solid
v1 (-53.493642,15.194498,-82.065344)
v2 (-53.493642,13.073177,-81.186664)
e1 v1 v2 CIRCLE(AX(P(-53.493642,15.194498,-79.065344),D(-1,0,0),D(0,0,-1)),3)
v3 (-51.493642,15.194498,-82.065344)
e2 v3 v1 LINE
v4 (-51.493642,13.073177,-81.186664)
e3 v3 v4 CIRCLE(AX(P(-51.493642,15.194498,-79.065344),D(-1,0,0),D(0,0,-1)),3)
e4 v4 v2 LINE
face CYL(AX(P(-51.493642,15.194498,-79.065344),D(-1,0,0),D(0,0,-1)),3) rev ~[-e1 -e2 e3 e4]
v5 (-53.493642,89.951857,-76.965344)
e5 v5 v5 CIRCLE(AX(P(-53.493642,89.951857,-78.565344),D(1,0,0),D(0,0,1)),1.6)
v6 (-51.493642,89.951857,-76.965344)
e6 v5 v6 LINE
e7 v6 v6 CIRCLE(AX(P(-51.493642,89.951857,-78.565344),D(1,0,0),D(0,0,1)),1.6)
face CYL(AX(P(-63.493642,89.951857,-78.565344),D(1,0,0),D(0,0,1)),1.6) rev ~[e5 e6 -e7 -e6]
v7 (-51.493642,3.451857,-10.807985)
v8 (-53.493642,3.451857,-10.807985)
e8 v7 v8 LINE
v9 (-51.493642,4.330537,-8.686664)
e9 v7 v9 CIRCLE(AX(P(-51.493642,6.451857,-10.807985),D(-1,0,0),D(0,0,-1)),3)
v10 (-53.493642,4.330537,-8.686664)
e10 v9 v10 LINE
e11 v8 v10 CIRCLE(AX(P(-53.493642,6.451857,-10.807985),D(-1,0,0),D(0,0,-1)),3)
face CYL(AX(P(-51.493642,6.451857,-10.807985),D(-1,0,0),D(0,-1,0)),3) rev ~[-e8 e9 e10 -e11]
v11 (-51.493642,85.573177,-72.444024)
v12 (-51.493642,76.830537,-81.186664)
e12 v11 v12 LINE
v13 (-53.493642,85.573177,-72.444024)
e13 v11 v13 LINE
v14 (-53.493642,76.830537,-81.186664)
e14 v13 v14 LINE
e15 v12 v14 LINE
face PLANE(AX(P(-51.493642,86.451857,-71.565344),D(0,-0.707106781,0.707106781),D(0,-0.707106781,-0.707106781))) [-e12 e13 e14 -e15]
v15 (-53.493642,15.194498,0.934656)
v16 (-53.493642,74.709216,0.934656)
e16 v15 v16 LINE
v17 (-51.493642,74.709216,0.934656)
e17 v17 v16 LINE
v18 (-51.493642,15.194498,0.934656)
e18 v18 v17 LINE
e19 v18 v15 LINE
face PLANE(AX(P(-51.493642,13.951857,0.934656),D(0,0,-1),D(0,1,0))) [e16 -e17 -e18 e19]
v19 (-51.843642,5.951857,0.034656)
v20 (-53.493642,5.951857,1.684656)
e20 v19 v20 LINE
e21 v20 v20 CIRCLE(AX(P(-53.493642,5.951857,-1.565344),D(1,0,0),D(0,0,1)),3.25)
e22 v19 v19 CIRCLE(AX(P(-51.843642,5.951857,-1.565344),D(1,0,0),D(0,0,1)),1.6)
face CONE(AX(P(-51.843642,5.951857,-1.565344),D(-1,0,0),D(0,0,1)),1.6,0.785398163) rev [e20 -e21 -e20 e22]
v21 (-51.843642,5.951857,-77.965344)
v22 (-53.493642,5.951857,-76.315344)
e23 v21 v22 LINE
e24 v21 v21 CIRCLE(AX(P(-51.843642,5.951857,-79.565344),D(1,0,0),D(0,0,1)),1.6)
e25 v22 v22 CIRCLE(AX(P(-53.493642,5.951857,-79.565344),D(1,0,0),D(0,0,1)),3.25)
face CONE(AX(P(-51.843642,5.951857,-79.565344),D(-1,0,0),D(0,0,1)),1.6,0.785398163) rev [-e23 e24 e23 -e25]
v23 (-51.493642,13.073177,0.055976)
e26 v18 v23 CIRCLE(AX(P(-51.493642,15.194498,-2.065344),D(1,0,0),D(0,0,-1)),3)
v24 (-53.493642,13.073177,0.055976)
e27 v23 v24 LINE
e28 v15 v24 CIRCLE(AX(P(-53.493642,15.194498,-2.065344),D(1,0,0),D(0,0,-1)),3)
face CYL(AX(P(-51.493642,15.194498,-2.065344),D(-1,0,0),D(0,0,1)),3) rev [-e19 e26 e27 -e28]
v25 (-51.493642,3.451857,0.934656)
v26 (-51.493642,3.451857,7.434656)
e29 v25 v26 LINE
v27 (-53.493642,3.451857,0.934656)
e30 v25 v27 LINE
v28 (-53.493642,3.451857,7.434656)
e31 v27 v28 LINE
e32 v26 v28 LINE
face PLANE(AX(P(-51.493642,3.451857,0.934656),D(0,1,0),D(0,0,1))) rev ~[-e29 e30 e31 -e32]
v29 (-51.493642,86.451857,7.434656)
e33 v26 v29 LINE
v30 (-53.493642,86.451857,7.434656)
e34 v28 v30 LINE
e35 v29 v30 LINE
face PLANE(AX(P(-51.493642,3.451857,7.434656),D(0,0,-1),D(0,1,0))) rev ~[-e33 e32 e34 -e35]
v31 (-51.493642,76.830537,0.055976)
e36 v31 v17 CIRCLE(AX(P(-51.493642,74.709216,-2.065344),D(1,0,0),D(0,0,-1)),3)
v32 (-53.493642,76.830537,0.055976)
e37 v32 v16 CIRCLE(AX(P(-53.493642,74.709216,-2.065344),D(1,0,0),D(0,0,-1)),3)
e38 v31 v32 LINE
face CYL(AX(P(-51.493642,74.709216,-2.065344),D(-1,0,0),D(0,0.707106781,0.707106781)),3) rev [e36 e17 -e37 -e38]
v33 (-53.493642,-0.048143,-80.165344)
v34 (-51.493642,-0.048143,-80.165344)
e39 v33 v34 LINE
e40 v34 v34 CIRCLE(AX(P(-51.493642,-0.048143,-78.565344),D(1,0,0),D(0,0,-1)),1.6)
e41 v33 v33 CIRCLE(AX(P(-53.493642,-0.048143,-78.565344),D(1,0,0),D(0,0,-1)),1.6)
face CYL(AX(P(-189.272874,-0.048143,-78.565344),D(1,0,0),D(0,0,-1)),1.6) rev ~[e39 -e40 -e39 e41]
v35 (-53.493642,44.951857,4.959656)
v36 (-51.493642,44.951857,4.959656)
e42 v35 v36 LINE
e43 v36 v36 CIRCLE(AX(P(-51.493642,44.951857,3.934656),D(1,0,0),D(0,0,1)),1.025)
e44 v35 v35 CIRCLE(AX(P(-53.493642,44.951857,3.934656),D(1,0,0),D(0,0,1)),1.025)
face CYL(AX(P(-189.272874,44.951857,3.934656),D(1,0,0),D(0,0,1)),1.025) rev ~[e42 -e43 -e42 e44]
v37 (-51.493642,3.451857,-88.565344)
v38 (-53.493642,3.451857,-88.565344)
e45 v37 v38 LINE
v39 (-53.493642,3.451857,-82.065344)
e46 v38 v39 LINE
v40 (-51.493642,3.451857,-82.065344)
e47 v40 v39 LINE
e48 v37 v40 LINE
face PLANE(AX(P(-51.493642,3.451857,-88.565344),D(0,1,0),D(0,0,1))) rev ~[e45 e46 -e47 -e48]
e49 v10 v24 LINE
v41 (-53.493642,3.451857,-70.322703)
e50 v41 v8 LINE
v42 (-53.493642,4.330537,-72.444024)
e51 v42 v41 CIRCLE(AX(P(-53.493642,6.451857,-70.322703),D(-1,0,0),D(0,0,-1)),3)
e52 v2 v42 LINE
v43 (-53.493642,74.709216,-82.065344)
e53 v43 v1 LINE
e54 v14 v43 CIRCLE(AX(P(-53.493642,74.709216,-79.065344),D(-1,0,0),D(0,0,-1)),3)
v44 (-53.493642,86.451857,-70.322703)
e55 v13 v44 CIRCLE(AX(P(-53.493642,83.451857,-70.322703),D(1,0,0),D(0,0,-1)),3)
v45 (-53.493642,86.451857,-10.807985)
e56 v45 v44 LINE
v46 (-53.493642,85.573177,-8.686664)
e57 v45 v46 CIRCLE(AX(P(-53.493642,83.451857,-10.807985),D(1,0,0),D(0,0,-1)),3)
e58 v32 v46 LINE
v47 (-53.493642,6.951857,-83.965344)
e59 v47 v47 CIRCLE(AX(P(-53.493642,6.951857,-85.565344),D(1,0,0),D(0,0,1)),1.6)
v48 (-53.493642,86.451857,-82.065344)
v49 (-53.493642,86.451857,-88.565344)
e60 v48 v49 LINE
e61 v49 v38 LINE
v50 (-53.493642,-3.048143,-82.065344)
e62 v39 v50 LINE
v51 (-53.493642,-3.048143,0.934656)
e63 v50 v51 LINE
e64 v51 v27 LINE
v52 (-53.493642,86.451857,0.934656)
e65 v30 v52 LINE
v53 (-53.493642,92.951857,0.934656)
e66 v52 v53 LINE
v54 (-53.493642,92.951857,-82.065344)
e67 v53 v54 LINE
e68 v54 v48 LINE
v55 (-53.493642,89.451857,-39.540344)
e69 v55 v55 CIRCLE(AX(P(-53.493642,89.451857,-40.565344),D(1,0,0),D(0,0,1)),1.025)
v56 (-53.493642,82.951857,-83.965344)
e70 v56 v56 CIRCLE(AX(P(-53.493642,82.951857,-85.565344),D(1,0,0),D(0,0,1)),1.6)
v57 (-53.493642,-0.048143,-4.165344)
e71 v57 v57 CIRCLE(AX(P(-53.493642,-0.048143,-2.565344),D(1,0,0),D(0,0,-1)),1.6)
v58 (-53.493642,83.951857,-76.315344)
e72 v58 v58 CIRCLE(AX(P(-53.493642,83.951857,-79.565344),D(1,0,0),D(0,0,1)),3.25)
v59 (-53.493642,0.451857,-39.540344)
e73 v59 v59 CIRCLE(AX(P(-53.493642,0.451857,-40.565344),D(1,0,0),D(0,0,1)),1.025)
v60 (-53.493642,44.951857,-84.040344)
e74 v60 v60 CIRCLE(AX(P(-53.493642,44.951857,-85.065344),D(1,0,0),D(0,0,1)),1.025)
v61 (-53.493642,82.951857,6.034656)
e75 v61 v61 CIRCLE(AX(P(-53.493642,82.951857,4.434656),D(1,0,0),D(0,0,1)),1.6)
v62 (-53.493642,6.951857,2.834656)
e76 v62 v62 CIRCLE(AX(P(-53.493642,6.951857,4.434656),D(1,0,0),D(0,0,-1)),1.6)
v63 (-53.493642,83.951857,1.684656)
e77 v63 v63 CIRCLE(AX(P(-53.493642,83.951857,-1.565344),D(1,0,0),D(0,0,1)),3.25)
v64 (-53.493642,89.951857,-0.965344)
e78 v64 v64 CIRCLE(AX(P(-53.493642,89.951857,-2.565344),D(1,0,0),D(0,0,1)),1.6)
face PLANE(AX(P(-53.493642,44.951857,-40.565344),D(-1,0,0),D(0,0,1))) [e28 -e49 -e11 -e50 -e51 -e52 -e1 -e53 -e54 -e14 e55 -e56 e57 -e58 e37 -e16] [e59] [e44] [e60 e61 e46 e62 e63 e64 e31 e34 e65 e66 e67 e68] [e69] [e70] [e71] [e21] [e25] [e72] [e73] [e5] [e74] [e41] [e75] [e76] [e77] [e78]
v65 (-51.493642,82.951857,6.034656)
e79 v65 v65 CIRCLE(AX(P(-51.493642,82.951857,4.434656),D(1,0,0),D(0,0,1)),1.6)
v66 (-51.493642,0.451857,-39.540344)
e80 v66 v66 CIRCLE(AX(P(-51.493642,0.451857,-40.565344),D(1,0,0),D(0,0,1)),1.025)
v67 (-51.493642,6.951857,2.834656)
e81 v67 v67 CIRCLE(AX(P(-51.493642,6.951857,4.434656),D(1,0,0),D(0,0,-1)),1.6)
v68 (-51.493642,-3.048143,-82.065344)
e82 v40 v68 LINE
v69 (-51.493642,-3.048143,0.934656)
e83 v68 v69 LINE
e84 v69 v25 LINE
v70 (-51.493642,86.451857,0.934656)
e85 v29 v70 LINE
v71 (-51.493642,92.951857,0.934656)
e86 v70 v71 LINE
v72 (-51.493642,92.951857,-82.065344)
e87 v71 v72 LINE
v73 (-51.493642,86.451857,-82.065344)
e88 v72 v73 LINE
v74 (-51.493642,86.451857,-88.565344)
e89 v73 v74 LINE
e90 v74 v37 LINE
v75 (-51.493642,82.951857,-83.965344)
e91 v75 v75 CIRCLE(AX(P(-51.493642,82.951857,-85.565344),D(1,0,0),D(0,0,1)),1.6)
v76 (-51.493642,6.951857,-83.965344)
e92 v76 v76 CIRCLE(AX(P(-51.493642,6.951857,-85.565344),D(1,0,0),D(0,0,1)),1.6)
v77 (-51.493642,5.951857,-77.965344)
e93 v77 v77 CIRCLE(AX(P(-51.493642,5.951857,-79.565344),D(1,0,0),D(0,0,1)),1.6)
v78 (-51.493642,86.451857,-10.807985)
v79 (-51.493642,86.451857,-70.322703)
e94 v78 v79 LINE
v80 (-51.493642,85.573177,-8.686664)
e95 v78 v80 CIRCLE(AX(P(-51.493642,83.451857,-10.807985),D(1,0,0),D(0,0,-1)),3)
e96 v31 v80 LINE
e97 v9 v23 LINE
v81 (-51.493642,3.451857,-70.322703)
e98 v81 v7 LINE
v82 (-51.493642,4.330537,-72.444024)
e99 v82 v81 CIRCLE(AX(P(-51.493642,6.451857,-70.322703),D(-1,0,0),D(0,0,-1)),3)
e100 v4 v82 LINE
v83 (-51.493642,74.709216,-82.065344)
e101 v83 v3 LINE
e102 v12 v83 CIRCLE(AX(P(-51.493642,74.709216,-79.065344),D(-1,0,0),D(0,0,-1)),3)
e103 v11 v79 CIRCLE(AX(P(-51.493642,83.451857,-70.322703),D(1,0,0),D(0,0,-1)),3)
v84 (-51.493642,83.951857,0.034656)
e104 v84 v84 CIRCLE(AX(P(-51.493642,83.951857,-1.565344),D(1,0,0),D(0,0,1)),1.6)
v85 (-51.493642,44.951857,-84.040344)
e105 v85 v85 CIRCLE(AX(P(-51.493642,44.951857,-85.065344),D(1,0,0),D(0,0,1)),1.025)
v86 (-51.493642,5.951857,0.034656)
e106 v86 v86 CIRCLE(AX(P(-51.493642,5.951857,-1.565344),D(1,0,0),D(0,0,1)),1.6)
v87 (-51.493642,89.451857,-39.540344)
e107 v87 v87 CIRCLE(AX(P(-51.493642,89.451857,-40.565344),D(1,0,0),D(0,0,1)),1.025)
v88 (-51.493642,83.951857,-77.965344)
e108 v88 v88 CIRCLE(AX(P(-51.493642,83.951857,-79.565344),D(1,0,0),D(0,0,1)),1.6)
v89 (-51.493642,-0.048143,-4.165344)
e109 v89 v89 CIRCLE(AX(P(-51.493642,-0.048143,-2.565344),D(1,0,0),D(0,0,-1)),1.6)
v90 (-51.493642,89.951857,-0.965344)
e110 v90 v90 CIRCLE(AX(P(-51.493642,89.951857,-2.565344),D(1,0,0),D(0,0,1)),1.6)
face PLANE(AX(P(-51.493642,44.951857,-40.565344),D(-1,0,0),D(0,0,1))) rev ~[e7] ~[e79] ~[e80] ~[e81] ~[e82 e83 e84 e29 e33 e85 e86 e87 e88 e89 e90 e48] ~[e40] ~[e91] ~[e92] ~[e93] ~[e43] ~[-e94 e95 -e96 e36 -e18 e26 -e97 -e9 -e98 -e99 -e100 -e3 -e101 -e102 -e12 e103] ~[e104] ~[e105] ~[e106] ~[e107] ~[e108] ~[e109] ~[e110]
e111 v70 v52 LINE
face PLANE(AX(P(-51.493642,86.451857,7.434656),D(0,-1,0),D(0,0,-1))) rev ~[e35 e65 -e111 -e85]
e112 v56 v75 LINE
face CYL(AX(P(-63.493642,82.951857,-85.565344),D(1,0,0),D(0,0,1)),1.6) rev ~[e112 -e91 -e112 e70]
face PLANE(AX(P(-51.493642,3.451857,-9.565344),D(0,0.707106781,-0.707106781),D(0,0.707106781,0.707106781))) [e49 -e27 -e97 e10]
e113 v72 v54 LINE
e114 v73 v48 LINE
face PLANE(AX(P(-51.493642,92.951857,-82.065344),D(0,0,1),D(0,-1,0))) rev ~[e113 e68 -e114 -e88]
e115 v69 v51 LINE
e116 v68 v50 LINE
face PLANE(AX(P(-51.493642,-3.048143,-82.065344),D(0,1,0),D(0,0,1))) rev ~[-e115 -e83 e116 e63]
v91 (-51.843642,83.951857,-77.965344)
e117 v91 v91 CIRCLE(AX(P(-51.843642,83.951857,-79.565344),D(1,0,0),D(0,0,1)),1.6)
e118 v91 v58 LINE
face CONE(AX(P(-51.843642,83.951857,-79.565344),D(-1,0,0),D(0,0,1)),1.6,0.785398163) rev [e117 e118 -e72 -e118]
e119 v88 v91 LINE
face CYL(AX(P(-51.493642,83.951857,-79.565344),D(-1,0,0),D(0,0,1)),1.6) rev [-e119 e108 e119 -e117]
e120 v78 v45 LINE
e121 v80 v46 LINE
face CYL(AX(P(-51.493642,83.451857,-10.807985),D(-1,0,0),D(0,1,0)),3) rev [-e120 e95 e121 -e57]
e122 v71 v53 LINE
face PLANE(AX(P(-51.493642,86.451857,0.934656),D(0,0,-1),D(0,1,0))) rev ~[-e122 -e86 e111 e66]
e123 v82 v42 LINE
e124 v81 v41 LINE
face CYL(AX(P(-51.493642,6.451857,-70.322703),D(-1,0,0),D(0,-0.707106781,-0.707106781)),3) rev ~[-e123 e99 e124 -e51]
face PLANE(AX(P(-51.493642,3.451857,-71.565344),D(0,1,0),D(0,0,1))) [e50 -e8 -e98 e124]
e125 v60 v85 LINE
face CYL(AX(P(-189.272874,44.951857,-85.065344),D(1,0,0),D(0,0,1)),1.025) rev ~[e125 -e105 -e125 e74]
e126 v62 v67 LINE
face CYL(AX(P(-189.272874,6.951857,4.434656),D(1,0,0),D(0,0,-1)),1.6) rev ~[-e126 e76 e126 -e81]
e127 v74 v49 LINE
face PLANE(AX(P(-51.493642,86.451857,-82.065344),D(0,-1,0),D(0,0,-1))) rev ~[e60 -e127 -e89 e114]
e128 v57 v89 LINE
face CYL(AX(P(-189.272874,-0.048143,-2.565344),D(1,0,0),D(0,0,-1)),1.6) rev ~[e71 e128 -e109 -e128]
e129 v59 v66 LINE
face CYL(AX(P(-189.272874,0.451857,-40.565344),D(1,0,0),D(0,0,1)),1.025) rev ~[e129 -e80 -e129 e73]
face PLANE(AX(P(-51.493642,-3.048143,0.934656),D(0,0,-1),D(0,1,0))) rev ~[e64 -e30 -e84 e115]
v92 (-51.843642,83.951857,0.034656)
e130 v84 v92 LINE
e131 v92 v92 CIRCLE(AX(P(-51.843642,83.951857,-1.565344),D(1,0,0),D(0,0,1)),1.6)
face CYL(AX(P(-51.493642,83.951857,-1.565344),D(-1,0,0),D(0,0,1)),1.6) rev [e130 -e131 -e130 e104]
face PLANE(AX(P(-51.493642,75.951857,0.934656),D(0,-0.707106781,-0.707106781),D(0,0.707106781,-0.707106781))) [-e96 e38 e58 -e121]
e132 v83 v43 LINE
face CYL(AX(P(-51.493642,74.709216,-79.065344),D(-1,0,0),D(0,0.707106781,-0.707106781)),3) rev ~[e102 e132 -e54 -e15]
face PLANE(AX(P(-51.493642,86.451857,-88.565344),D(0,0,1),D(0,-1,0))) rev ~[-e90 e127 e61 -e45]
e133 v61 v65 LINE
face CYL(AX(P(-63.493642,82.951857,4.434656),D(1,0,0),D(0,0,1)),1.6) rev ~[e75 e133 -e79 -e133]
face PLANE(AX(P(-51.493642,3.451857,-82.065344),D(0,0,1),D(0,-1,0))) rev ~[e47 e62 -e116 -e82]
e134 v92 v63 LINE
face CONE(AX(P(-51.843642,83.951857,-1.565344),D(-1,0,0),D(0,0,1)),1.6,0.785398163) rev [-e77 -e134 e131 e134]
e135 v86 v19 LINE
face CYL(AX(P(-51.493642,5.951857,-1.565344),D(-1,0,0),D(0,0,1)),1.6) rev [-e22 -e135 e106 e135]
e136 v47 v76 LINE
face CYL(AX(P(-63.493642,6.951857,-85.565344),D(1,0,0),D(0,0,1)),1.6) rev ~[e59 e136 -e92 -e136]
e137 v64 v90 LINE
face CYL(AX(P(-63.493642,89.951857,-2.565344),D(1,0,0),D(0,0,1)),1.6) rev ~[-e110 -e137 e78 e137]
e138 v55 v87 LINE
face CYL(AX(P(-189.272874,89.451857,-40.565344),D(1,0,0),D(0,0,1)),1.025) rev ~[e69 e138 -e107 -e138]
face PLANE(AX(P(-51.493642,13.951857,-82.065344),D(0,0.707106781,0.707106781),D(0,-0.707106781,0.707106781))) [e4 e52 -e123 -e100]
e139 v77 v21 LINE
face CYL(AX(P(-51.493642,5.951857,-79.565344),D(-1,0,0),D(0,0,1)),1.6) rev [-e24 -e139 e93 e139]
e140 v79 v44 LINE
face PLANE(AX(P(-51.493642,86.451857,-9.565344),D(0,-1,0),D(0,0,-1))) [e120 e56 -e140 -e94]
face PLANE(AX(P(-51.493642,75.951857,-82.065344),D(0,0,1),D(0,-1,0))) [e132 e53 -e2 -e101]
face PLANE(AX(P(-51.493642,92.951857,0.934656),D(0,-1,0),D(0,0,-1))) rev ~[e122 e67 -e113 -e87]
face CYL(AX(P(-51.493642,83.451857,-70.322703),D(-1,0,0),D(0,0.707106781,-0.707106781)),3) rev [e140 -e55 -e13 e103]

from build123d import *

# Parameters (mm, degrees)
BOSS_EXTRUDE2_DEPTH                          = 2
F_3_2_3_2_DIAMETER_HOLE1_D                   = 3.2
F_3_2_3_2_DIAMETER_HOLE2_D                   = 3.2
F_3_2_3_2_DIAMETER_HOLE3_D                   = 3.2
F_3_2_3_2_DIAMETER_HOLE5_D                   = 3.2
F_3_2_3_2_DIAMETER_HOLE5_DEPTH               = 10
F_3_2_3_2_DIAMETER_HOLE5_TIP                 = 0.96137699
CSK_FOR_M3_FLAT_COUNTERSUNK_HEAD_SCR_2_COUNT = 2
CSK_FOR_M3_FLAT_COUNTERSUNK_HEAD_SCR_2_PITCH = 78
CSK_FOR_M3_FLAT_COUNTERSUNK_HEAD_SCR_3_COUNT = 2
CSK_FOR_M3_FLAT_COUNTERSUNK_HEAD_SCR_3_PITCH = 110.308657865
FILLET1_R                                    = 3
M2_5X0_45_TAPPED_HOLE1_D                     = 2.05


with BuildPart() as part:
    # Sketch2 → Boss-Extrude2 (new body)
    with BuildSketch(Plane.ZY.offset(51.493641502)):
        Polygon((0.93465612, 3.45185693), (7.43465612, 3.45185693), (7.43465612, 86.45185693), (0.93465612, 86.45185693), (0.93465612, 92.95185693), (-82.06534388, 92.95185693), (-82.06534388, 86.45185693), (-88.56534388, 86.45185693), (-88.56534388, 3.45185693), (-82.06534388, 3.45185693), (-82.06534388, -3.04814307), (0.93465612, -3.04814307), align=None)
        Polygon((-71.56534388, 86.45185693), (-82.06534388, 75.95185693), (-82.06534388, 13.95185693), (-71.56534388, 3.45185693), (-9.56534388, 3.45185693), (0.93465612, 13.95185693), (0.93465612, 75.95185693), (-9.56534388, 86.45185693), align=None, mode=Mode.SUBTRACT)
    extrude(amount=BOSS_EXTRUDE2_DEPTH)

    # Sketch10 → CSK for M3 Flat Countersunk Head Screw3 (revolve, cut)
    with BuildSketch(Plane(origin=(-53.493641502, 5.95185693, -1.56534388), x_dir=(0, 0, 1), z_dir=(0, 1, 0))):
        Polygon((0, 0), (0, 2), (1.6, 2), (1.6, 1.65), (3.25, 0), align=None)
    revolve(axis=Axis((-59.843641502, 5.95185693, -1.56534388), (1, 0, 0)), mode=Mode.SUBTRACT)

    # Ø3.2 (3.2) Diameter Hole1 (through all)
    with Locations(Plane.ZY.offset(53.493641502)):
        with Locations((4.43465612, 6.95185693)):
            Hole(F_3_2_3_2_DIAMETER_HOLE1_D / 2)

    # Ø3.2 (3.2) Diameter Hole2 (through all)
    with Locations(Plane.ZY.offset(53.493641502)):
        with Locations((-2.56534388, -0.04814307)):
            Hole(F_3_2_3_2_DIAMETER_HOLE2_D / 2)

    # Ø3.2 (3.2) Diameter Hole3 (through all)
    with Locations(Plane.ZY.offset(53.493641502)):
        with Locations((-78.56534388, -0.04814307)):
            Hole(F_3_2_3_2_DIAMETER_HOLE3_D / 2)

    # Ø3.2 (3.2) Diameter Hole5
    with Locations(Plane(origin=(-53.493641502, 6.95185693, -85.56534388), x_dir=(0, 0, -1), z_dir=(-1, 0, 0))):
        with Locations((0, 0), (0, -76), (-7, -83), (-83, -83), (-90, -76)):
            Hole(F_3_2_3_2_DIAMETER_HOLE5_D / 2, depth=F_3_2_3_2_DIAMETER_HOLE5_DEPTH)
            with Locations((0, 0, -(F_3_2_3_2_DIAMETER_HOLE5_DEPTH + F_3_2_3_2_DIAMETER_HOLE5_TIP / 2))):  # 118° drill point
                Cone(0, F_3_2_3_2_DIAMETER_HOLE5_D / 2, F_3_2_3_2_DIAMETER_HOLE5_TIP, mode=Mode.SUBTRACT)

    # Sketch24 → CSK for M3 Flat Countersunk Head Screw5 (revolve, cut)
    with BuildSketch(Plane(origin=(-53.493641502, 5.95185693, -79.56534388), x_dir=(0, 0, 1), z_dir=(0, 1, 0))):
        Polygon((0, 0), (0, 2), (1.6, 2), (1.6, 1.65), (3.25, 0), align=None)
    csk_for_m3_flat_countersunk_head_screw5 = revolve(axis=Axis((-59.843641502, 5.95185693, -79.56534388), (1, 0, 0)), mode=Mode.SUBTRACT)

    # CSK for M3 Flat Countersunk Head Scr 2: CSK for M3 Flat Countersunk Head Screw5 ×2
    with Locations(*[(0, i * CSK_FOR_M3_FLAT_COUNTERSUNK_HEAD_SCR_2_PITCH, 0) for i in range(1, CSK_FOR_M3_FLAT_COUNTERSUNK_HEAD_SCR_2_COUNT)]):
        add(csk_for_m3_flat_countersunk_head_screw5, mode=Mode.SUBTRACT)

    # CSK for M3 Flat Countersunk Head Scr 3: CSK for M3 Flat Countersunk Head Screw5 ×2
    with Locations(*[Vector(0, 0.7071067811865477, 0.7071067811865474) * (i * CSK_FOR_M3_FLAT_COUNTERSUNK_HEAD_SCR_3_PITCH) for i in range(1, CSK_FOR_M3_FLAT_COUNTERSUNK_HEAD_SCR_3_COUNT)]):
        add(csk_for_m3_flat_countersunk_head_screw5, mode=Mode.SUBTRACT)

    # Fillet1
    fillet1_edges = [part.edges().sort_by_distance(p)[0] for p in [
        (-52.493641502, 86.45185693, -9.56534388),
        (-52.493641502, 86.45185693, -71.56534388),
        (-52.493641502, 75.95185693, -82.06534388),
        (-52.493641502, 13.95185693, -82.06534388),
        (-52.493641502, 3.45185693, -71.56534388),
        (-52.493641502, 3.45185693, -9.56534388),
        (-52.493641502, 13.95185693, 0.93465612),
        (-52.493641502, 75.95185693, 0.93465612),
    ]]
    fillet(fillet1_edges, radius=FILLET1_R)

    # M2.5x0.45 Tapped Hole1 (through all)
    with Locations(Plane(origin=(-53.493641502, 89.45185693, -40.56534388), x_dir=(0, 0, -1), z_dir=(-1, 0, 0))):
        with Locations((0, 0), (44.5, 44.5), (0, 89), (-44.5, 44.5)):
            Hole(M2_5X0_45_TAPPED_HOLE1_D / 2)


solid = part.part
